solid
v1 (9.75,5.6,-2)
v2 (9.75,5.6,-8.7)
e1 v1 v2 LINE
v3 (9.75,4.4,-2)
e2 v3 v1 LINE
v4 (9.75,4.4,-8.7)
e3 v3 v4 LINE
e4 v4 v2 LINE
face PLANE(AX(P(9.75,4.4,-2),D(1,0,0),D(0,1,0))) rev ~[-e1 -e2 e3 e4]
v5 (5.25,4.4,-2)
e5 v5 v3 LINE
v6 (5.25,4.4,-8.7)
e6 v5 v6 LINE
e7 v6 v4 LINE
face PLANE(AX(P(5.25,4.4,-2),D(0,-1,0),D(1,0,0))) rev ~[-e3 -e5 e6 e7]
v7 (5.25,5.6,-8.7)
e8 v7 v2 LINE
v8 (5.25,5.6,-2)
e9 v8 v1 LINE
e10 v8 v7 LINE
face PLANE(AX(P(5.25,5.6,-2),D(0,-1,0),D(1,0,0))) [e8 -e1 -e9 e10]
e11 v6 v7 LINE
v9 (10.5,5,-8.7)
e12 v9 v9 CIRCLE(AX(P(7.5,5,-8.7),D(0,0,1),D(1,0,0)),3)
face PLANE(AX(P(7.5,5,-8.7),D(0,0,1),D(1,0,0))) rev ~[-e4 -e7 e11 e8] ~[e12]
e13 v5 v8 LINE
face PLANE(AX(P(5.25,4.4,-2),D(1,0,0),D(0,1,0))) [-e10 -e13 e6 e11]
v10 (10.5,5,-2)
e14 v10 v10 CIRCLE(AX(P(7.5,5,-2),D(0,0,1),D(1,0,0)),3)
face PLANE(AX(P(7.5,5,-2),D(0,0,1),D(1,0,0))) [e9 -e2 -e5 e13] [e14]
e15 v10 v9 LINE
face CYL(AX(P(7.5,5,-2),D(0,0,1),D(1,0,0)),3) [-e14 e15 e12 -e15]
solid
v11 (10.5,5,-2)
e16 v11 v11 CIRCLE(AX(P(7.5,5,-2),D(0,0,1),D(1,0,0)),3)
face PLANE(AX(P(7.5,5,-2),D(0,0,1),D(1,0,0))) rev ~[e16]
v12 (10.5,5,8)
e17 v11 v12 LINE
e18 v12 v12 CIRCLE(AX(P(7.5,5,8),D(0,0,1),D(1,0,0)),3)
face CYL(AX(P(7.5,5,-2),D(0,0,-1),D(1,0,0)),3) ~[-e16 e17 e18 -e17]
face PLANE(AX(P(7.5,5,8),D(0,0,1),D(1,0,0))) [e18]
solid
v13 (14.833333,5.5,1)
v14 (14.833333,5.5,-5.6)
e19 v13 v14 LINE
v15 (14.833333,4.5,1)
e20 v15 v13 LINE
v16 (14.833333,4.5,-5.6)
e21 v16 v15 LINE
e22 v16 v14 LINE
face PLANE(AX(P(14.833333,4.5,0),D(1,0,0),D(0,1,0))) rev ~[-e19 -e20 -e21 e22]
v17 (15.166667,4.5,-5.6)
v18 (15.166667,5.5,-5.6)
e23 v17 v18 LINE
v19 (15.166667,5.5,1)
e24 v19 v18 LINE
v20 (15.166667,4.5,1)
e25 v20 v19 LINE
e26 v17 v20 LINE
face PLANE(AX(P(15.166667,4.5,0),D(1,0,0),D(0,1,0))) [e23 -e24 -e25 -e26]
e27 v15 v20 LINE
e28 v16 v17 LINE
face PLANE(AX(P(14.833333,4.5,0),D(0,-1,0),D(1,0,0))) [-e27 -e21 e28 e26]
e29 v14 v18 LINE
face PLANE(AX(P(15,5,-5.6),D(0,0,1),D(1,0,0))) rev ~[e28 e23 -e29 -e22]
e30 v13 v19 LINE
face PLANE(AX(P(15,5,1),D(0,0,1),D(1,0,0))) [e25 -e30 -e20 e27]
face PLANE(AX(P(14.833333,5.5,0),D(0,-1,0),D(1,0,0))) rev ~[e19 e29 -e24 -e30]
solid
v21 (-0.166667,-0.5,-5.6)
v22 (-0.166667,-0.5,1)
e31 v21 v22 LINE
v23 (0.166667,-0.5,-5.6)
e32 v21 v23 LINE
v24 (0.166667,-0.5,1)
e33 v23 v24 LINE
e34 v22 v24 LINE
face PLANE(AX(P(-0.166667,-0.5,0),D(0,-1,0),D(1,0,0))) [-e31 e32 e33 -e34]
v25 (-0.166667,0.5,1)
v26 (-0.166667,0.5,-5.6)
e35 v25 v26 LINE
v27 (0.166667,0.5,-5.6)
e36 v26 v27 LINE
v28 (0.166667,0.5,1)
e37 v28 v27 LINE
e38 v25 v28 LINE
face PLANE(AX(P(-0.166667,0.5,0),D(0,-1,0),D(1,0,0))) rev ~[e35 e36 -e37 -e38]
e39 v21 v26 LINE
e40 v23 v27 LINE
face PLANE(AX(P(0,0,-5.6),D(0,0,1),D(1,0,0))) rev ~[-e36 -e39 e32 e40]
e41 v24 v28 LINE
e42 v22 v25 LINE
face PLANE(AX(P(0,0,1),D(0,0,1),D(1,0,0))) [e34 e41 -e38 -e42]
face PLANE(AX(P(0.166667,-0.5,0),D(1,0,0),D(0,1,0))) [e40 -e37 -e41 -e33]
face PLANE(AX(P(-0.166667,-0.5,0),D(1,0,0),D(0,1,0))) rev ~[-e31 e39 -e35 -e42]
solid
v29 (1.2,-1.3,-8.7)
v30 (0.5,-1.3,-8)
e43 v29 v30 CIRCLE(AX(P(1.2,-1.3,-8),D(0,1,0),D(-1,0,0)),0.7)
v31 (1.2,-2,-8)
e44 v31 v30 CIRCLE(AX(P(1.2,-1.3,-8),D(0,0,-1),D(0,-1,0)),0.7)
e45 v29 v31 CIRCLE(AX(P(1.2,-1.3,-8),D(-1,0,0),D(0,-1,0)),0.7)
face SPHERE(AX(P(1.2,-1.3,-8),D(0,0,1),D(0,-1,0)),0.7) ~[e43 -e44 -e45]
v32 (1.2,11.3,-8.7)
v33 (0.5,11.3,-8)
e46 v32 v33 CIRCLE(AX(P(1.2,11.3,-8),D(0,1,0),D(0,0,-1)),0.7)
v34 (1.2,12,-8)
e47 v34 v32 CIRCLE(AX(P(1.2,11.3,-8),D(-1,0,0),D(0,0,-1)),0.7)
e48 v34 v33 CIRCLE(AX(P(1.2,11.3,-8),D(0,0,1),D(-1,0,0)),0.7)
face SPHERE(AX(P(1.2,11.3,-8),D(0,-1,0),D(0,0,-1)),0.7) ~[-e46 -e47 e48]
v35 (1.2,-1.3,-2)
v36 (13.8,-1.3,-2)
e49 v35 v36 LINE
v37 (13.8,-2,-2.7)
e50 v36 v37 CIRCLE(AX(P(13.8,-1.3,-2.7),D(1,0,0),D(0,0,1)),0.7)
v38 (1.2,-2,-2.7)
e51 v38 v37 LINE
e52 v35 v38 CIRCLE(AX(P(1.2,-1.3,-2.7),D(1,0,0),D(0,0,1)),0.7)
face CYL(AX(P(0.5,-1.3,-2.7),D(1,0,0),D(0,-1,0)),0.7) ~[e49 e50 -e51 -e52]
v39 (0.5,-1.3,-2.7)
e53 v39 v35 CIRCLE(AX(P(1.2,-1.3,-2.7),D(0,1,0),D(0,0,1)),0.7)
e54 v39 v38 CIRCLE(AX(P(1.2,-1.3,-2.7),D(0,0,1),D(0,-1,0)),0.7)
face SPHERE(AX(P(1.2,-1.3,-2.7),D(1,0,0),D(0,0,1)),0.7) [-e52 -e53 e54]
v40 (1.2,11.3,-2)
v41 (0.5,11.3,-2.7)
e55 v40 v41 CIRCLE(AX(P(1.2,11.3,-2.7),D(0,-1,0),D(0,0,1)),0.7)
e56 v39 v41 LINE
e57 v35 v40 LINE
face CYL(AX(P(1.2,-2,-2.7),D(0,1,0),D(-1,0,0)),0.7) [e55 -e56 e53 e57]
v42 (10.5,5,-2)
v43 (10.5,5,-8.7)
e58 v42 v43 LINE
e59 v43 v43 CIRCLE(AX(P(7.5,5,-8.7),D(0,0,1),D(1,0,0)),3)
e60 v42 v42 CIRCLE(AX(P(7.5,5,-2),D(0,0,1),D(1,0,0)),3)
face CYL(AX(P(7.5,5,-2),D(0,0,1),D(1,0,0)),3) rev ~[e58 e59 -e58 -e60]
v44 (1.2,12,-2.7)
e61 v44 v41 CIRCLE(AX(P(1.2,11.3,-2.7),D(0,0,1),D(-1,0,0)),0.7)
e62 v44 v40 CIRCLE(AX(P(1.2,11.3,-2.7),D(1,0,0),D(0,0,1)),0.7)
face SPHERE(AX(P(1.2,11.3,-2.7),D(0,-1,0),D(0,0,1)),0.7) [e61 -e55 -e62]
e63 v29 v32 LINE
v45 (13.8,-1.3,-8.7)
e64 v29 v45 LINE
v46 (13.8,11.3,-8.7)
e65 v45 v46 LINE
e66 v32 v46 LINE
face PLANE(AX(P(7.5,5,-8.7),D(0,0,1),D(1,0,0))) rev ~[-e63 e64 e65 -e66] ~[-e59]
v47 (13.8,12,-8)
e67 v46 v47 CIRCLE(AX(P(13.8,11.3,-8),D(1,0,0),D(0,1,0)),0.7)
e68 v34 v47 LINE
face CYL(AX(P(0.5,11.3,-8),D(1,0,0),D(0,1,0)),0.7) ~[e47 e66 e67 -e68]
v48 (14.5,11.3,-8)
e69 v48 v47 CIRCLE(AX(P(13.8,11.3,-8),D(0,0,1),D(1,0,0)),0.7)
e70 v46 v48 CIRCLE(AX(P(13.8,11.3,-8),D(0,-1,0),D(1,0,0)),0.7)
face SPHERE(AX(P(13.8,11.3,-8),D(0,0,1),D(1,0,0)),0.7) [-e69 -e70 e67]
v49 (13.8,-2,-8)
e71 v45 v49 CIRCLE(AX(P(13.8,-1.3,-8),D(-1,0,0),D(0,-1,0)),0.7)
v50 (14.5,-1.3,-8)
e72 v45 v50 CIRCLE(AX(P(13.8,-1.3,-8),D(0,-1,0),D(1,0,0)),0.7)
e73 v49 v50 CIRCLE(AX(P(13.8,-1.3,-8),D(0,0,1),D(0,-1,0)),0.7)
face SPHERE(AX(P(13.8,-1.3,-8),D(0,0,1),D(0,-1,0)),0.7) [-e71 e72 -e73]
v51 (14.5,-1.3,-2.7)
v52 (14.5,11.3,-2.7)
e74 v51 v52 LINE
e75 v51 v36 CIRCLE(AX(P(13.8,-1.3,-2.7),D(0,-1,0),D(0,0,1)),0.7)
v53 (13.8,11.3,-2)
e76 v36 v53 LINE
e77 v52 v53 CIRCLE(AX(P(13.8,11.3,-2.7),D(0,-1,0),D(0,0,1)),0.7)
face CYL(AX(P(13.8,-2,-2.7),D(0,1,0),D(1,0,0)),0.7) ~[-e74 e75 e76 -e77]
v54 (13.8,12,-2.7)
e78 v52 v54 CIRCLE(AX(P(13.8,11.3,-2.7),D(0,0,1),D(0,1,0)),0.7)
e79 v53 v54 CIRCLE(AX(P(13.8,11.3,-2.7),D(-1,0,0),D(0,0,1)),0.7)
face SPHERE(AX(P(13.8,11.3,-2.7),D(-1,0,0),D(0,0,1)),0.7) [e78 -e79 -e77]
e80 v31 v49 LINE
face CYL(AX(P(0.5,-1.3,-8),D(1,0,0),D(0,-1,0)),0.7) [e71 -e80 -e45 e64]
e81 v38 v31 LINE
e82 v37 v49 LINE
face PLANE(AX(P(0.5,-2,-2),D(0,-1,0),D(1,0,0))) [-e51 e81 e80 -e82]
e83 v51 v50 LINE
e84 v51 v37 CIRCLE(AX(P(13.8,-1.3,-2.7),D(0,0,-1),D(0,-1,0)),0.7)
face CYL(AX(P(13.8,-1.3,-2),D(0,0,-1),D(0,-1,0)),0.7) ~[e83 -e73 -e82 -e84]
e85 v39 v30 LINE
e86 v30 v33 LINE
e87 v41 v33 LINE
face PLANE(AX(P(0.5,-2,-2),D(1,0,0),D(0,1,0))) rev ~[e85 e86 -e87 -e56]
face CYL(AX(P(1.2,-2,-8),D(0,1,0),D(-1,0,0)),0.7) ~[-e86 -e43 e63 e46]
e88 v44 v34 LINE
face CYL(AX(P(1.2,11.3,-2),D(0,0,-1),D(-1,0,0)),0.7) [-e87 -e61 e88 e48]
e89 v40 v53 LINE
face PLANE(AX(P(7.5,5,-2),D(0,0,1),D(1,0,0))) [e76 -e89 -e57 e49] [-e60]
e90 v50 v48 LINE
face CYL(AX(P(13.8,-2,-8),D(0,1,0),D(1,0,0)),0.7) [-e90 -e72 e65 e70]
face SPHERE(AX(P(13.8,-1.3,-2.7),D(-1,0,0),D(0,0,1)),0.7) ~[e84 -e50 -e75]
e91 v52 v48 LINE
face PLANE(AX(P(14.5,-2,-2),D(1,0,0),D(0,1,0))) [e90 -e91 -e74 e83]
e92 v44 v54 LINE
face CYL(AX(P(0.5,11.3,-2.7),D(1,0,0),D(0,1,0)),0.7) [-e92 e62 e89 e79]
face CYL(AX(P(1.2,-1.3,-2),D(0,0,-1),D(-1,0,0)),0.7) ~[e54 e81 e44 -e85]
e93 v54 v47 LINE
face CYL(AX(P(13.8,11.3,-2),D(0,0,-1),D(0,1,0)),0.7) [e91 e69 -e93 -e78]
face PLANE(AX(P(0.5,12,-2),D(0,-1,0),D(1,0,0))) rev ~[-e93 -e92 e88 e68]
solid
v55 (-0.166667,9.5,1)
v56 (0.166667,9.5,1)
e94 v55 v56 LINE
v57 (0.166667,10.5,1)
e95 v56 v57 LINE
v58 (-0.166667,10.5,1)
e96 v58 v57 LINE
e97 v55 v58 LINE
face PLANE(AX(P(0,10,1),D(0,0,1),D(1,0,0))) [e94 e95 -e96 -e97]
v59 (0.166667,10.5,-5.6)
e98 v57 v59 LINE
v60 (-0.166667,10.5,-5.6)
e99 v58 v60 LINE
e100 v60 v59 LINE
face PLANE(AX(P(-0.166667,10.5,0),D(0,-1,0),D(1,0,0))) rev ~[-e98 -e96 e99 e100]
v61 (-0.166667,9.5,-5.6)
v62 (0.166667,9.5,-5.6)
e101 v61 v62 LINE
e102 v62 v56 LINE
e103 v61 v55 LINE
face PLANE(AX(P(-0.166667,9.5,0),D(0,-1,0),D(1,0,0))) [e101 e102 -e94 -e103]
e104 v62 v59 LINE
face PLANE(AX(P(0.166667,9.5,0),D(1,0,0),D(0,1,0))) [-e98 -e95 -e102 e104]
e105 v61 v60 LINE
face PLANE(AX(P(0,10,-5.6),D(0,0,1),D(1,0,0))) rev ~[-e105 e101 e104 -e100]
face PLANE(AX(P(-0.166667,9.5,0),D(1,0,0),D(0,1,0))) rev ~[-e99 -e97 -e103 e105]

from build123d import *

# Parameters (mm, degrees)
SKETCH003_W       = 0.333334
SKETCH003_H       = 1
PAD002_DEPTH      = 1
PAD002_DEPTH_BACK = 5.6
SKETCH004_R       = 3
SKETCH004_W       = 4.5
SKETCH004_H       = 1.2
PAD003_DEPTH      = 6.7
SKETCH006_R       = 3
PAD005_DEPTH      = 10
SKETCH_W          = 14
SKETCH_H          = 14
SKETCH_R          = 3
PAD_DEPTH         = 6.7
FILLET_R          = 0.7


with BuildPart() as pad002:
    # Sketch003 → Pad002 (new body, two sides)
    with BuildSketch(Plane(origin=(0, 10, 0), x_dir=(1, 0, 0), z_dir=(0, 0, 1))) as pad002_sk:
        Rectangle(SKETCH003_W, SKETCH003_H)
        with Locations((15, -5)):
            Rectangle(SKETCH003_W, SKETCH003_H)
        with Locations((0, -10)):
            Rectangle(SKETCH003_W, SKETCH003_H)
    extrude(amount=PAD002_DEPTH)
    extrude(pad002_sk.sketch, amount=-PAD002_DEPTH_BACK)


with BuildPart() as pad003:
    # Sketch004 → Pad003 (new body)
    with BuildSketch(Plane(origin=(0, 10, -2), x_dir=(1, 0, 0), z_dir=(0, 0, 1))):
        with Locations((7.5, -5)):
            Circle(SKETCH004_R)
        with Locations((7.5, -5)):
            Rectangle(SKETCH004_W, SKETCH004_H, mode=Mode.SUBTRACT)
    extrude(amount=-PAD003_DEPTH)


with BuildPart() as pad005:
    # Sketch006 → Pad005 (new body)
    with BuildSketch(Plane(origin=(0, 10, -2), x_dir=(1, 0, 0), z_dir=(0, 0, 1))):
        with Locations((7.5, -5)):
            Circle(SKETCH006_R)
    extrude(amount=PAD005_DEPTH)


with BuildPart() as fillet_body:
    # Sketch → Pad (new body)
    with BuildSketch(Plane(origin=(0, 10, -2), x_dir=(1, 0, 0), z_dir=(0, 0, 1))):
        with Locations((7.5, -5)):
            Rectangle(SKETCH_W, SKETCH_H)
        with Locations((7.5, -5)):
            Circle(SKETCH_R, mode=Mode.SUBTRACT)
    extrude(amount=-PAD_DEPTH)

    # Fillet
    fillet_edges = [fillet_body.edges().sort_by_distance(p)[0] for p in [
        (7.5, -2, -2),
        (0.5, 5, -2),
        (7.5, 12, -2),
        (14.5, 5, -2),
        (14.5, 12, -5.35),
        (14.5, -2, -5.35),
        (0.5, -2, -5.35),
        (7.5, -2, -8.7),
        (14.5, 5, -8.7),
        (0.5, 5, -8.7),
        (7.5, 12, -8.7),
        (0.5, 12, -5.35),
    ]]
    fillet(fillet_edges, radius=FILLET_R)


solid = Compound([pad002.part, pad003.part, pad005.part, fillet_body.part])
